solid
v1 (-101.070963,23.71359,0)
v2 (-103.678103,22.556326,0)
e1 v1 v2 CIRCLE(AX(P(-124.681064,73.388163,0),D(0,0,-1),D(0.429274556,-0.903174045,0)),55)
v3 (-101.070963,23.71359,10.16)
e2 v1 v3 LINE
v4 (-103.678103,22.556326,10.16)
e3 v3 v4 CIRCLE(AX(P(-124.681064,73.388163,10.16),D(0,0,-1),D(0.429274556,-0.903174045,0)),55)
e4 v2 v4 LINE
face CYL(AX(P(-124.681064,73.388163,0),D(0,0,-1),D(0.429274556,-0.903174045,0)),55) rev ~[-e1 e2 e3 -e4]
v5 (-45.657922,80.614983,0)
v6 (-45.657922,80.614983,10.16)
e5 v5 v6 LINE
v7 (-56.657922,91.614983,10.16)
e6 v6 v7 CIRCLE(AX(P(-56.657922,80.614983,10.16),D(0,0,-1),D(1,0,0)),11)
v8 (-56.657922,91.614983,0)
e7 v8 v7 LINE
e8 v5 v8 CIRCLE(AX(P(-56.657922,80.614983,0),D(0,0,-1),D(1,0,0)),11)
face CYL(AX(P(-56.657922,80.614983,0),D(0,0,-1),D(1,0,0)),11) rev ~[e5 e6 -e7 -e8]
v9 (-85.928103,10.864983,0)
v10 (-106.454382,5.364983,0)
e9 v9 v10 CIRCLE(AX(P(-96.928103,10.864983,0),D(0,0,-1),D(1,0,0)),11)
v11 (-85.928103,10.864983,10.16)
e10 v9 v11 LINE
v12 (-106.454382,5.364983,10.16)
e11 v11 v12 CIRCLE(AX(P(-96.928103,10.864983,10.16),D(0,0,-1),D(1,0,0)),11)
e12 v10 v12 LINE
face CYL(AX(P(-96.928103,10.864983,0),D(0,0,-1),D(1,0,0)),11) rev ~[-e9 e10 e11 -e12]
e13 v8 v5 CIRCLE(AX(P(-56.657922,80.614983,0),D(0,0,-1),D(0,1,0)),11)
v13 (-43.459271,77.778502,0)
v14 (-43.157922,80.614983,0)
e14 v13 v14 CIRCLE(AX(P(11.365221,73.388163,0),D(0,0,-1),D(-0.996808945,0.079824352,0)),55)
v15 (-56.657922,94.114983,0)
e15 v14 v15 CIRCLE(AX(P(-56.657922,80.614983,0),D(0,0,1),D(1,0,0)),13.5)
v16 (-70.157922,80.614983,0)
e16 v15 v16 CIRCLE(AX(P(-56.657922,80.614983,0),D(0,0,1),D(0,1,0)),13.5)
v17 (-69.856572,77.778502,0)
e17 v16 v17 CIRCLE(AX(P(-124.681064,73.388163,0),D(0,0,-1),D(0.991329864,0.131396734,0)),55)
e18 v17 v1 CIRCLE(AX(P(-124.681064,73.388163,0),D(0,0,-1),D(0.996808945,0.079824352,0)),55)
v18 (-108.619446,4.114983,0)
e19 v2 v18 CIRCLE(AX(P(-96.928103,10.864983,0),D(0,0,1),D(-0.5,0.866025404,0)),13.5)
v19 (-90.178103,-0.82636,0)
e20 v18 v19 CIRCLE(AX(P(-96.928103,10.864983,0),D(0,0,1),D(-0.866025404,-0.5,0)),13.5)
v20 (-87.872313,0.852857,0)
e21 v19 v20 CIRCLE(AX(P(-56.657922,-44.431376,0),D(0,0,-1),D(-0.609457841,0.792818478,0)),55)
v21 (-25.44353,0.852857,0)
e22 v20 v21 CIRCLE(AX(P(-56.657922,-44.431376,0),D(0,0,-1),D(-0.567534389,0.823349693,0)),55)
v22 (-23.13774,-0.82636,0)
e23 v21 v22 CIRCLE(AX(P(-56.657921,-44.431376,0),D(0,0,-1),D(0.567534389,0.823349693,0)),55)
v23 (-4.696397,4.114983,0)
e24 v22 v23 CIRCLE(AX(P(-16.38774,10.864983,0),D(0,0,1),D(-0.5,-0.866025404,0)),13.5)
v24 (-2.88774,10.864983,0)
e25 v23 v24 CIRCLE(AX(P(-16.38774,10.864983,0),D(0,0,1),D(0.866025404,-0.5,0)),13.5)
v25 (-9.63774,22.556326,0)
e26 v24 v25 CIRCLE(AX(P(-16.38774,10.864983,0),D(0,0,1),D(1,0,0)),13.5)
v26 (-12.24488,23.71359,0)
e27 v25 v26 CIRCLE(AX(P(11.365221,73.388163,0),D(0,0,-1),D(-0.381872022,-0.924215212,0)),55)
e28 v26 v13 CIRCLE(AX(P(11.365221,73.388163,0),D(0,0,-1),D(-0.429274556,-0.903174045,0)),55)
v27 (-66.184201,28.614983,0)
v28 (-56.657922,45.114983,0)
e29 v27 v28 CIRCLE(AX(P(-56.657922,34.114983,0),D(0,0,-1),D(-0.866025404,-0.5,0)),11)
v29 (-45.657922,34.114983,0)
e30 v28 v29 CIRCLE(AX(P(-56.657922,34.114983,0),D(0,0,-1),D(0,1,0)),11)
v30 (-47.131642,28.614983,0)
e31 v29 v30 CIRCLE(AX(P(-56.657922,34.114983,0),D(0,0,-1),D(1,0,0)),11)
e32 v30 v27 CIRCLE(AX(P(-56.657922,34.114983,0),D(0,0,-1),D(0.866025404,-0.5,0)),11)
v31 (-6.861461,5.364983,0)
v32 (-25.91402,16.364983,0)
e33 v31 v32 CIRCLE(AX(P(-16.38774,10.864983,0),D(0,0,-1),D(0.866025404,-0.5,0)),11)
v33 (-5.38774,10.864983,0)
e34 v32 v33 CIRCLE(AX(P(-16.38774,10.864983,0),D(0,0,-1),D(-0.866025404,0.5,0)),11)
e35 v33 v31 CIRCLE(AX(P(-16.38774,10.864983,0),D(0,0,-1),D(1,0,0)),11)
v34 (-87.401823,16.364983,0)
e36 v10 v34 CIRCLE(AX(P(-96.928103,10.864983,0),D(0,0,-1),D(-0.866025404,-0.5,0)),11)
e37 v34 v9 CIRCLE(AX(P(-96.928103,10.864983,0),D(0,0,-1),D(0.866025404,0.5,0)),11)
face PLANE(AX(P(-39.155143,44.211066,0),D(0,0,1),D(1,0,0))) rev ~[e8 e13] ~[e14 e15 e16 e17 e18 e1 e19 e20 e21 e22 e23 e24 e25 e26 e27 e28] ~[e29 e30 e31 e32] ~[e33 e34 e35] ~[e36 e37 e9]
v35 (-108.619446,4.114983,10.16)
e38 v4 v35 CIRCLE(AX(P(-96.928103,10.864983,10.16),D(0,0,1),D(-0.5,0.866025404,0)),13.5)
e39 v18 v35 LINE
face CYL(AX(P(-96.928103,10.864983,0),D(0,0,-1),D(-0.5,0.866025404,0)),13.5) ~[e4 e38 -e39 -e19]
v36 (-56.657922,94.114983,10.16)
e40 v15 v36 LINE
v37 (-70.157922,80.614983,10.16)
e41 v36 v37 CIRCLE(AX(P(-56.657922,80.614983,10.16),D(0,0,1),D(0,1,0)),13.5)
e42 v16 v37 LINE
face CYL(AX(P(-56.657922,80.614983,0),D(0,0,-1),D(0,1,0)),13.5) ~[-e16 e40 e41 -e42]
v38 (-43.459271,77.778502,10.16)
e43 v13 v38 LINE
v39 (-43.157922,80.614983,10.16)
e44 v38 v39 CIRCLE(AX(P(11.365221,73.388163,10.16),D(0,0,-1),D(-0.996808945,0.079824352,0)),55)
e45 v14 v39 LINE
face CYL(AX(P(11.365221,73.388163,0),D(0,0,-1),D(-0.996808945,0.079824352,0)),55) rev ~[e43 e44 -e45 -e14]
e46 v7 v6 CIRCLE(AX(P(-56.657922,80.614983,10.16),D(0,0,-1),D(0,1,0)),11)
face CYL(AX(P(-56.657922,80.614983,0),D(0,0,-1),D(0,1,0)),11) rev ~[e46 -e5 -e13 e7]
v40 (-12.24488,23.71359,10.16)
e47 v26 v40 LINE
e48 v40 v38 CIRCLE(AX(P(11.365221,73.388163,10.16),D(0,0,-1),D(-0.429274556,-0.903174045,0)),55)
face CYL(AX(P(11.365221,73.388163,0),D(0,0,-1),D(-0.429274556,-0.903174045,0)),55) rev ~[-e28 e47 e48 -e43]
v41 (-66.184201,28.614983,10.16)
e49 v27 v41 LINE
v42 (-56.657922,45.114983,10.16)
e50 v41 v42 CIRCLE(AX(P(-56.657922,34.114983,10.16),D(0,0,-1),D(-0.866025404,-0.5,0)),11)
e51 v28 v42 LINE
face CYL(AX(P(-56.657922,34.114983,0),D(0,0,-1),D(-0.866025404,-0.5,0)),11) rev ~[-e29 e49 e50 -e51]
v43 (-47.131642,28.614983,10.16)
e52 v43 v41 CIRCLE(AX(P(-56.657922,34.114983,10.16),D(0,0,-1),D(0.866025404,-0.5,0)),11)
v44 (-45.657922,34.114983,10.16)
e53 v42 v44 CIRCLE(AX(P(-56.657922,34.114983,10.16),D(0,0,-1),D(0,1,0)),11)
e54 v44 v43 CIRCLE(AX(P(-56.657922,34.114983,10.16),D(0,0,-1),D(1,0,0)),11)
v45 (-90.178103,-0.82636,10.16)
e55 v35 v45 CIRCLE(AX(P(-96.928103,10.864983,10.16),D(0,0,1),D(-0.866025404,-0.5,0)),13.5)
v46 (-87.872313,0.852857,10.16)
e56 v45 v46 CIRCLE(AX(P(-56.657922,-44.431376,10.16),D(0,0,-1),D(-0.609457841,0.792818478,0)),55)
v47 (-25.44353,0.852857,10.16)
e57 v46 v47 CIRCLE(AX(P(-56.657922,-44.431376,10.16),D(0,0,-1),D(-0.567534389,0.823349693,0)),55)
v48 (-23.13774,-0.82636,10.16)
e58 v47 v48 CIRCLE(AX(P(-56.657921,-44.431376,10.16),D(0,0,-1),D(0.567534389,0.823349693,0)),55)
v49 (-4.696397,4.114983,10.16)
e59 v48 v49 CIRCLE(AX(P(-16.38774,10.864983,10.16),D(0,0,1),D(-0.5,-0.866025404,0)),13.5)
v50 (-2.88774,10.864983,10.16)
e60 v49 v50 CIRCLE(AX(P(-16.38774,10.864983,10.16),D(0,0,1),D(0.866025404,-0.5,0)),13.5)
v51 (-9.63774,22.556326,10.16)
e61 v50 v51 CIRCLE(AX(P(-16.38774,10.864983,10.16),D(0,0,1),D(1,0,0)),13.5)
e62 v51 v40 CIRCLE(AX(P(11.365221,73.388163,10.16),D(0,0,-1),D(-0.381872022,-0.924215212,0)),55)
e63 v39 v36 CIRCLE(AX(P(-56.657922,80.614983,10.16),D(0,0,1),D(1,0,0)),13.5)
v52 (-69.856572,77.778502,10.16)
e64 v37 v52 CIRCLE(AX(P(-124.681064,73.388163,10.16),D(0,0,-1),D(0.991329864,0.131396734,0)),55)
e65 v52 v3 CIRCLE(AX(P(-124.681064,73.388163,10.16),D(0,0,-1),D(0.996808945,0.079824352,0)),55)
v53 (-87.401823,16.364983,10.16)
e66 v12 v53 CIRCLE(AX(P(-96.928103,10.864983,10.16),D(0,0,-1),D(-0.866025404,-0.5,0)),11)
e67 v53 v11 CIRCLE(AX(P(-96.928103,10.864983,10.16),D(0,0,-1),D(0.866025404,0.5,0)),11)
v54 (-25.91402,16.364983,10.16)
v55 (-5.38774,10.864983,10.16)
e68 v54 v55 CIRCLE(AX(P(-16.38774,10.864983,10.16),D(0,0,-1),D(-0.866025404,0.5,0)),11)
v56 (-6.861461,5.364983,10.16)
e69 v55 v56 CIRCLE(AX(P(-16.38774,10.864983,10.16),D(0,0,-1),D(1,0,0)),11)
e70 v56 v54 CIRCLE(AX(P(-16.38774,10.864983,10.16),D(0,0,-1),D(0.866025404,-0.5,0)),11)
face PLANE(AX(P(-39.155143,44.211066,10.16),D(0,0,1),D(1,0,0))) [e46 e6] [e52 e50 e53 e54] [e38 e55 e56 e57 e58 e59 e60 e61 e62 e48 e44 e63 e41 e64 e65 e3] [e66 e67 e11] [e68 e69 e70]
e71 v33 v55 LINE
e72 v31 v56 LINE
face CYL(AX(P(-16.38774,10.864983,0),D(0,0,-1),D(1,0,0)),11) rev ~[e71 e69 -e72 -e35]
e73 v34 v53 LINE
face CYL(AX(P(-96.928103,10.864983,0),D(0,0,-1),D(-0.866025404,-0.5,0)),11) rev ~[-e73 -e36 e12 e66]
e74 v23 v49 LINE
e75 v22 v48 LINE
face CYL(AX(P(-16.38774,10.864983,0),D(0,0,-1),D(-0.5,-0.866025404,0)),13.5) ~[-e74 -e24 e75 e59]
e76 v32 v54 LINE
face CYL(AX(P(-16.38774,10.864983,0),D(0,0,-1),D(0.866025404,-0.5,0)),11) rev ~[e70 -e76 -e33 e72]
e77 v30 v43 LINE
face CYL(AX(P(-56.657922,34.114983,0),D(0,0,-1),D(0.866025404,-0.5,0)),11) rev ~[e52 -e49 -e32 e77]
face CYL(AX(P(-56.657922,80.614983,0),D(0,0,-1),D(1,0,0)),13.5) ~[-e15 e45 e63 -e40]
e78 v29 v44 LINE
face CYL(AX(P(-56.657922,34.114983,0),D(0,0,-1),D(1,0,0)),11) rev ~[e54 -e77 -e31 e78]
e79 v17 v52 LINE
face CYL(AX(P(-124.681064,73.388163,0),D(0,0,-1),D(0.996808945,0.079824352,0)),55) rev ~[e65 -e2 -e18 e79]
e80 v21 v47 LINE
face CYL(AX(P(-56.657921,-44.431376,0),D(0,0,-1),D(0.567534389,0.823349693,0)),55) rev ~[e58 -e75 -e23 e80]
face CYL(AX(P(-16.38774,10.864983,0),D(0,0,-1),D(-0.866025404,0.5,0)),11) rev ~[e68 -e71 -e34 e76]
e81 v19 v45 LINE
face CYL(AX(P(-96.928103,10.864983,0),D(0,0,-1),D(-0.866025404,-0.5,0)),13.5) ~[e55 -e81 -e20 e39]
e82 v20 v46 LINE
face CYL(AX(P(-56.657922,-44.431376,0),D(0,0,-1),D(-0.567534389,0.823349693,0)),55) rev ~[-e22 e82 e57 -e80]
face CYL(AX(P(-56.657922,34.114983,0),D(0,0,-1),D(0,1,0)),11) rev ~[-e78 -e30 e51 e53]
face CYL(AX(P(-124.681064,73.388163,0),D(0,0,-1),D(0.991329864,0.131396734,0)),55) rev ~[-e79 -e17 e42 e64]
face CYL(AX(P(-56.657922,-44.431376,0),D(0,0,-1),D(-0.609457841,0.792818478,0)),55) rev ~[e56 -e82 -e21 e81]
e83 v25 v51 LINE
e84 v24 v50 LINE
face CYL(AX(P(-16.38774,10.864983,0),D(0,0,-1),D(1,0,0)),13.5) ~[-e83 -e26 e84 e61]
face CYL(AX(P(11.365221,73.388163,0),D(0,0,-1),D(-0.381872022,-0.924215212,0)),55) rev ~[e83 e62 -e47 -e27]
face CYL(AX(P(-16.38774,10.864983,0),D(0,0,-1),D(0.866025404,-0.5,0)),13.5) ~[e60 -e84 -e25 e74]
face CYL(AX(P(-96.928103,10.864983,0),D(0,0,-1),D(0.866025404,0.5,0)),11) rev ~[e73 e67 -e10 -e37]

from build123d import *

# Parameters (mm, degrees)
F1_DEPTH = 10.16


with BuildPart() as f1:
    # F0 (on Top) → F1 (new body)
    with BuildSketch(Plane.XY):
        with BuildLine():
            ThreePointArc((-56.6579215229, 45.1149829328), (-48.8797469298, 41.8931575259), (-45.6579215229, 34.1149829328))
            ThreePointArc((-45.6579215229, 34.1149829328), (-46.0327374337, 31.2679734367), (-47.1316420812, 28.6149829328))
            Line((-47.1316420812, 28.6149829328), (-28.079083198, 17.6149829328))
            ThreePointArc((-28.079083198, 17.6149829328), (-21.2398684944, 23.4628736876), (-12.2448795932, 23.7135900793))
            ThreePointArc((-12.2448795932, 23.7135900793), (-36.2661762378, 45.8881625624), (-43.4592710039, 77.77850193))
            ThreePointArc((-43.4592710039, 77.77850193), (-48.1738922189, 70.1139712306), (-56.6579215229, 67.1149829328))
            Line((-56.6579215229, 67.1149829328), (-56.6579215229, 45.1149829328))
        make_face()
        with BuildLine():
            ThreePointArc((-66.1842009645, 28.6149829328), (-66.1842009645, 39.6149829328), (-56.6579215229, 45.1149829328))
            Line((-56.6579215229, 45.1149829328), (-56.6579215229, 67.1149829328))
            ThreePointArc((-56.6579215229, 67.1149829328), (-65.1419508269, 70.1139712306), (-69.8565720418, 77.77850193))
            ThreePointArc((-69.8565720418, 77.77850193), (-77.0496668079, 45.8881625624), (-101.0709634525, 23.7135900793))
            ThreePointArc((-101.0709634525, 23.7135900793), (-92.0759745513, 23.4628736876), (-85.2367598477, 17.6149829328))
            Line((-85.2367598477, 17.6149829328), (-66.1842009645, 28.6149829328))
        make_face()
        with BuildLine():
            Line((-28.079083198, 17.6149829328), (-47.1316420812, 28.6149829328))
            ThreePointArc((-47.1316420812, 28.6149829328), (-56.6579215229, 23.1149829328), (-66.1842009645, 28.6149829328))
            Line((-66.1842009645, 28.6149829328), (-85.2367598477, 17.6149829328))
            ThreePointArc((-85.2367598477, 17.6149829328), (-83.8881041439, 14.3590400417), (-83.4281027988, 10.8649829328))
            ThreePointArc((-83.4281027988, 10.8649829328), (-84.5890760305, 5.3879017384), (-87.8723129336, 0.8528567891))
            ThreePointArc((-87.8723129336, 0.8528567891), (-56.6579215229, 10.5686236737), (-25.4435301121, 0.8528567891))
            ThreePointArc((-25.4435301121, 0.8528567891), (-29.7238977984, 8.7681038802), (-28.079083198, 17.6149829328))
        make_face()
        with BuildLine():
            Line((-25.9140196885, 16.3649829328), (-28.079083198, 17.6149829328))
            ThreePointArc((-28.079083198, 17.6149829328), (-29.7238977984, 8.7681038802), (-25.4435301121, 0.8528567891))
            ThreePointArc((-25.4435301121, 0.8528567891), (-24.2797472769, 0.0281989359), (-23.1377402469, -0.8263600183))
            ThreePointArc((-23.1377402469, -0.8263600183), (-12.893683138, -2.1750157221), (-4.6963972958, 4.1149829328))
            Line((-4.6963972958, 4.1149829328), (-6.8614608053, 5.3649829328))
            ThreePointArc((-6.8614608053, 5.3649829328), (-21.8877402469, 1.3387034912), (-25.9140196885, 16.3649829328))
        make_face()
        with BuildLine():
            ThreePointArc((-12.2448795932, 23.7135900793), (-21.2398684944, 23.4628736876), (-28.079083198, 17.6149829328))
            Line((-28.079083198, 17.6149829328), (-25.9140196885, 16.3649829328))
            ThreePointArc((-25.9140196885, 16.3649829328), (-13.5407307508, 21.490167022), (-5.3877402469, 10.8649829328))
            ThreePointArc((-5.3877402469, 10.8649829328), (-5.7625561577, 8.0179734367), (-6.8614608053, 5.3649829328))
            Line((-6.8614608053, 5.3649829328), (-4.6963972958, 4.1149829328))
            ThreePointArc((-4.6963972958, 4.1149829328), (-3.347741592, 7.3709258239), (-2.8877402469, 10.8649829328))
            ThreePointArc((-2.8877402469, 10.8649829328), (-4.6963972958, 17.6149829328), (-9.6377402469, 22.5563258839))
            ThreePointArc((-9.6377402469, 22.5563258839), (-10.9488135252, 23.1180535061), (-12.2448795932, 23.7135900793))
        make_face()
        with BuildLine():
            ThreePointArc((-83.4281027988, 10.8649829328), (-83.8881041439, 14.3590400417), (-85.2367598477, 17.6149829328))
            Line((-85.2367598477, 17.6149829328), (-87.4018233572, 16.3649829328))
            ThreePointArc((-87.4018233572, 16.3649829328), (-86.3029187097, 13.7119924289), (-85.9281027988, 10.8649829328))
            ThreePointArc((-85.9281027988, 10.8649829328), (-94.0810933027, 0.2397988436), (-106.4543822405, 5.3649829328))
            Line((-106.4543822405, 5.3649829328), (-108.6194457499, 4.1149829328))
            ThreePointArc((-108.6194457499, 4.1149829328), (-100.4221599077, -2.1750157221), (-90.1781027988, -0.8263600183))
            ThreePointArc((-90.1781027988, -0.8263600183), (-89.0360957689, 0.0281989359), (-87.8723129336, 0.8528567891))
            ThreePointArc((-87.8723129336, 0.8528567891), (-84.5890760305, 5.3879017384), (-83.4281027988, 10.8649829328))
        make_face()
        with BuildLine():
            Line((-87.4018233572, 16.3649829328), (-85.2367598477, 17.6149829328))
            ThreePointArc((-85.2367598477, 17.6149829328), (-92.0759745513, 23.4628736876), (-101.0709634525, 23.7135900793))
            ThreePointArc((-101.0709634525, 23.7135900793), (-102.3670295205, 23.1180535061), (-103.6781027988, 22.5563258839))
            ThreePointArc((-103.6781027988, 22.5563258839), (-109.9681014537, 14.3590400417), (-108.6194457499, 4.1149829328))
            Line((-108.6194457499, 4.1149829328), (-106.4543822405, 5.3649829328))
            ThreePointArc((-106.4543822405, 5.3649829328), (-102.4281027988, 20.3912623744), (-87.4018233572, 16.3649829328))
        make_face()
        with BuildLine():
            Line((-56.6579215229, 69.6149829328), (-56.6579215229, 67.1149829328))
            ThreePointArc((-56.6579215229, 67.1149829328), (-48.1738922189, 70.1139712306), (-43.4592710039, 77.77850193))
            ThreePointArc((-43.4592710039, 77.77850193), (-43.3269877712, 79.1986963565), (-43.1579215229, 80.6149829328))
            ThreePointArc((-43.1579215229, 80.6149829328), (-47.1119799768, 90.1609244788), (-56.6579215229, 94.1149829328))
            Line((-56.6579215229, 94.1149829328), (-56.6579215229, 91.6149829328))
            ThreePointArc((-56.6579215229, 91.6149829328), (-48.8797469298, 88.3931575259), (-45.6579215229, 80.6149829328))
            ThreePointArc((-45.6579215229, 80.6149829328), (-48.8797469298, 72.8368083398), (-56.6579215229, 69.6149829328))
        make_face()
        with BuildLine():
            ThreePointArc((-69.8565720418, 77.77850193), (-65.1419508269, 70.1139712306), (-56.6579215229, 67.1149829328))
            Line((-56.6579215229, 67.1149829328), (-56.6579215229, 69.6149829328))
            ThreePointArc((-56.6579215229, 69.6149829328), (-67.6579215229, 80.6149829328), (-56.6579215229, 91.6149829328))
            Line((-56.6579215229, 91.6149829328), (-56.6579215229, 94.1149829328))
            ThreePointArc((-56.6579215229, 94.1149829328), (-66.2038630689, 90.1609244788), (-70.1579215229, 80.6149829328))
            ThreePointArc((-70.1579215229, 80.6149829328), (-69.9888552745, 79.1986963565), (-69.8565720418, 77.77850193))
        make_face()
    extrude(amount=F1_DEPTH)


solid = f1.part
